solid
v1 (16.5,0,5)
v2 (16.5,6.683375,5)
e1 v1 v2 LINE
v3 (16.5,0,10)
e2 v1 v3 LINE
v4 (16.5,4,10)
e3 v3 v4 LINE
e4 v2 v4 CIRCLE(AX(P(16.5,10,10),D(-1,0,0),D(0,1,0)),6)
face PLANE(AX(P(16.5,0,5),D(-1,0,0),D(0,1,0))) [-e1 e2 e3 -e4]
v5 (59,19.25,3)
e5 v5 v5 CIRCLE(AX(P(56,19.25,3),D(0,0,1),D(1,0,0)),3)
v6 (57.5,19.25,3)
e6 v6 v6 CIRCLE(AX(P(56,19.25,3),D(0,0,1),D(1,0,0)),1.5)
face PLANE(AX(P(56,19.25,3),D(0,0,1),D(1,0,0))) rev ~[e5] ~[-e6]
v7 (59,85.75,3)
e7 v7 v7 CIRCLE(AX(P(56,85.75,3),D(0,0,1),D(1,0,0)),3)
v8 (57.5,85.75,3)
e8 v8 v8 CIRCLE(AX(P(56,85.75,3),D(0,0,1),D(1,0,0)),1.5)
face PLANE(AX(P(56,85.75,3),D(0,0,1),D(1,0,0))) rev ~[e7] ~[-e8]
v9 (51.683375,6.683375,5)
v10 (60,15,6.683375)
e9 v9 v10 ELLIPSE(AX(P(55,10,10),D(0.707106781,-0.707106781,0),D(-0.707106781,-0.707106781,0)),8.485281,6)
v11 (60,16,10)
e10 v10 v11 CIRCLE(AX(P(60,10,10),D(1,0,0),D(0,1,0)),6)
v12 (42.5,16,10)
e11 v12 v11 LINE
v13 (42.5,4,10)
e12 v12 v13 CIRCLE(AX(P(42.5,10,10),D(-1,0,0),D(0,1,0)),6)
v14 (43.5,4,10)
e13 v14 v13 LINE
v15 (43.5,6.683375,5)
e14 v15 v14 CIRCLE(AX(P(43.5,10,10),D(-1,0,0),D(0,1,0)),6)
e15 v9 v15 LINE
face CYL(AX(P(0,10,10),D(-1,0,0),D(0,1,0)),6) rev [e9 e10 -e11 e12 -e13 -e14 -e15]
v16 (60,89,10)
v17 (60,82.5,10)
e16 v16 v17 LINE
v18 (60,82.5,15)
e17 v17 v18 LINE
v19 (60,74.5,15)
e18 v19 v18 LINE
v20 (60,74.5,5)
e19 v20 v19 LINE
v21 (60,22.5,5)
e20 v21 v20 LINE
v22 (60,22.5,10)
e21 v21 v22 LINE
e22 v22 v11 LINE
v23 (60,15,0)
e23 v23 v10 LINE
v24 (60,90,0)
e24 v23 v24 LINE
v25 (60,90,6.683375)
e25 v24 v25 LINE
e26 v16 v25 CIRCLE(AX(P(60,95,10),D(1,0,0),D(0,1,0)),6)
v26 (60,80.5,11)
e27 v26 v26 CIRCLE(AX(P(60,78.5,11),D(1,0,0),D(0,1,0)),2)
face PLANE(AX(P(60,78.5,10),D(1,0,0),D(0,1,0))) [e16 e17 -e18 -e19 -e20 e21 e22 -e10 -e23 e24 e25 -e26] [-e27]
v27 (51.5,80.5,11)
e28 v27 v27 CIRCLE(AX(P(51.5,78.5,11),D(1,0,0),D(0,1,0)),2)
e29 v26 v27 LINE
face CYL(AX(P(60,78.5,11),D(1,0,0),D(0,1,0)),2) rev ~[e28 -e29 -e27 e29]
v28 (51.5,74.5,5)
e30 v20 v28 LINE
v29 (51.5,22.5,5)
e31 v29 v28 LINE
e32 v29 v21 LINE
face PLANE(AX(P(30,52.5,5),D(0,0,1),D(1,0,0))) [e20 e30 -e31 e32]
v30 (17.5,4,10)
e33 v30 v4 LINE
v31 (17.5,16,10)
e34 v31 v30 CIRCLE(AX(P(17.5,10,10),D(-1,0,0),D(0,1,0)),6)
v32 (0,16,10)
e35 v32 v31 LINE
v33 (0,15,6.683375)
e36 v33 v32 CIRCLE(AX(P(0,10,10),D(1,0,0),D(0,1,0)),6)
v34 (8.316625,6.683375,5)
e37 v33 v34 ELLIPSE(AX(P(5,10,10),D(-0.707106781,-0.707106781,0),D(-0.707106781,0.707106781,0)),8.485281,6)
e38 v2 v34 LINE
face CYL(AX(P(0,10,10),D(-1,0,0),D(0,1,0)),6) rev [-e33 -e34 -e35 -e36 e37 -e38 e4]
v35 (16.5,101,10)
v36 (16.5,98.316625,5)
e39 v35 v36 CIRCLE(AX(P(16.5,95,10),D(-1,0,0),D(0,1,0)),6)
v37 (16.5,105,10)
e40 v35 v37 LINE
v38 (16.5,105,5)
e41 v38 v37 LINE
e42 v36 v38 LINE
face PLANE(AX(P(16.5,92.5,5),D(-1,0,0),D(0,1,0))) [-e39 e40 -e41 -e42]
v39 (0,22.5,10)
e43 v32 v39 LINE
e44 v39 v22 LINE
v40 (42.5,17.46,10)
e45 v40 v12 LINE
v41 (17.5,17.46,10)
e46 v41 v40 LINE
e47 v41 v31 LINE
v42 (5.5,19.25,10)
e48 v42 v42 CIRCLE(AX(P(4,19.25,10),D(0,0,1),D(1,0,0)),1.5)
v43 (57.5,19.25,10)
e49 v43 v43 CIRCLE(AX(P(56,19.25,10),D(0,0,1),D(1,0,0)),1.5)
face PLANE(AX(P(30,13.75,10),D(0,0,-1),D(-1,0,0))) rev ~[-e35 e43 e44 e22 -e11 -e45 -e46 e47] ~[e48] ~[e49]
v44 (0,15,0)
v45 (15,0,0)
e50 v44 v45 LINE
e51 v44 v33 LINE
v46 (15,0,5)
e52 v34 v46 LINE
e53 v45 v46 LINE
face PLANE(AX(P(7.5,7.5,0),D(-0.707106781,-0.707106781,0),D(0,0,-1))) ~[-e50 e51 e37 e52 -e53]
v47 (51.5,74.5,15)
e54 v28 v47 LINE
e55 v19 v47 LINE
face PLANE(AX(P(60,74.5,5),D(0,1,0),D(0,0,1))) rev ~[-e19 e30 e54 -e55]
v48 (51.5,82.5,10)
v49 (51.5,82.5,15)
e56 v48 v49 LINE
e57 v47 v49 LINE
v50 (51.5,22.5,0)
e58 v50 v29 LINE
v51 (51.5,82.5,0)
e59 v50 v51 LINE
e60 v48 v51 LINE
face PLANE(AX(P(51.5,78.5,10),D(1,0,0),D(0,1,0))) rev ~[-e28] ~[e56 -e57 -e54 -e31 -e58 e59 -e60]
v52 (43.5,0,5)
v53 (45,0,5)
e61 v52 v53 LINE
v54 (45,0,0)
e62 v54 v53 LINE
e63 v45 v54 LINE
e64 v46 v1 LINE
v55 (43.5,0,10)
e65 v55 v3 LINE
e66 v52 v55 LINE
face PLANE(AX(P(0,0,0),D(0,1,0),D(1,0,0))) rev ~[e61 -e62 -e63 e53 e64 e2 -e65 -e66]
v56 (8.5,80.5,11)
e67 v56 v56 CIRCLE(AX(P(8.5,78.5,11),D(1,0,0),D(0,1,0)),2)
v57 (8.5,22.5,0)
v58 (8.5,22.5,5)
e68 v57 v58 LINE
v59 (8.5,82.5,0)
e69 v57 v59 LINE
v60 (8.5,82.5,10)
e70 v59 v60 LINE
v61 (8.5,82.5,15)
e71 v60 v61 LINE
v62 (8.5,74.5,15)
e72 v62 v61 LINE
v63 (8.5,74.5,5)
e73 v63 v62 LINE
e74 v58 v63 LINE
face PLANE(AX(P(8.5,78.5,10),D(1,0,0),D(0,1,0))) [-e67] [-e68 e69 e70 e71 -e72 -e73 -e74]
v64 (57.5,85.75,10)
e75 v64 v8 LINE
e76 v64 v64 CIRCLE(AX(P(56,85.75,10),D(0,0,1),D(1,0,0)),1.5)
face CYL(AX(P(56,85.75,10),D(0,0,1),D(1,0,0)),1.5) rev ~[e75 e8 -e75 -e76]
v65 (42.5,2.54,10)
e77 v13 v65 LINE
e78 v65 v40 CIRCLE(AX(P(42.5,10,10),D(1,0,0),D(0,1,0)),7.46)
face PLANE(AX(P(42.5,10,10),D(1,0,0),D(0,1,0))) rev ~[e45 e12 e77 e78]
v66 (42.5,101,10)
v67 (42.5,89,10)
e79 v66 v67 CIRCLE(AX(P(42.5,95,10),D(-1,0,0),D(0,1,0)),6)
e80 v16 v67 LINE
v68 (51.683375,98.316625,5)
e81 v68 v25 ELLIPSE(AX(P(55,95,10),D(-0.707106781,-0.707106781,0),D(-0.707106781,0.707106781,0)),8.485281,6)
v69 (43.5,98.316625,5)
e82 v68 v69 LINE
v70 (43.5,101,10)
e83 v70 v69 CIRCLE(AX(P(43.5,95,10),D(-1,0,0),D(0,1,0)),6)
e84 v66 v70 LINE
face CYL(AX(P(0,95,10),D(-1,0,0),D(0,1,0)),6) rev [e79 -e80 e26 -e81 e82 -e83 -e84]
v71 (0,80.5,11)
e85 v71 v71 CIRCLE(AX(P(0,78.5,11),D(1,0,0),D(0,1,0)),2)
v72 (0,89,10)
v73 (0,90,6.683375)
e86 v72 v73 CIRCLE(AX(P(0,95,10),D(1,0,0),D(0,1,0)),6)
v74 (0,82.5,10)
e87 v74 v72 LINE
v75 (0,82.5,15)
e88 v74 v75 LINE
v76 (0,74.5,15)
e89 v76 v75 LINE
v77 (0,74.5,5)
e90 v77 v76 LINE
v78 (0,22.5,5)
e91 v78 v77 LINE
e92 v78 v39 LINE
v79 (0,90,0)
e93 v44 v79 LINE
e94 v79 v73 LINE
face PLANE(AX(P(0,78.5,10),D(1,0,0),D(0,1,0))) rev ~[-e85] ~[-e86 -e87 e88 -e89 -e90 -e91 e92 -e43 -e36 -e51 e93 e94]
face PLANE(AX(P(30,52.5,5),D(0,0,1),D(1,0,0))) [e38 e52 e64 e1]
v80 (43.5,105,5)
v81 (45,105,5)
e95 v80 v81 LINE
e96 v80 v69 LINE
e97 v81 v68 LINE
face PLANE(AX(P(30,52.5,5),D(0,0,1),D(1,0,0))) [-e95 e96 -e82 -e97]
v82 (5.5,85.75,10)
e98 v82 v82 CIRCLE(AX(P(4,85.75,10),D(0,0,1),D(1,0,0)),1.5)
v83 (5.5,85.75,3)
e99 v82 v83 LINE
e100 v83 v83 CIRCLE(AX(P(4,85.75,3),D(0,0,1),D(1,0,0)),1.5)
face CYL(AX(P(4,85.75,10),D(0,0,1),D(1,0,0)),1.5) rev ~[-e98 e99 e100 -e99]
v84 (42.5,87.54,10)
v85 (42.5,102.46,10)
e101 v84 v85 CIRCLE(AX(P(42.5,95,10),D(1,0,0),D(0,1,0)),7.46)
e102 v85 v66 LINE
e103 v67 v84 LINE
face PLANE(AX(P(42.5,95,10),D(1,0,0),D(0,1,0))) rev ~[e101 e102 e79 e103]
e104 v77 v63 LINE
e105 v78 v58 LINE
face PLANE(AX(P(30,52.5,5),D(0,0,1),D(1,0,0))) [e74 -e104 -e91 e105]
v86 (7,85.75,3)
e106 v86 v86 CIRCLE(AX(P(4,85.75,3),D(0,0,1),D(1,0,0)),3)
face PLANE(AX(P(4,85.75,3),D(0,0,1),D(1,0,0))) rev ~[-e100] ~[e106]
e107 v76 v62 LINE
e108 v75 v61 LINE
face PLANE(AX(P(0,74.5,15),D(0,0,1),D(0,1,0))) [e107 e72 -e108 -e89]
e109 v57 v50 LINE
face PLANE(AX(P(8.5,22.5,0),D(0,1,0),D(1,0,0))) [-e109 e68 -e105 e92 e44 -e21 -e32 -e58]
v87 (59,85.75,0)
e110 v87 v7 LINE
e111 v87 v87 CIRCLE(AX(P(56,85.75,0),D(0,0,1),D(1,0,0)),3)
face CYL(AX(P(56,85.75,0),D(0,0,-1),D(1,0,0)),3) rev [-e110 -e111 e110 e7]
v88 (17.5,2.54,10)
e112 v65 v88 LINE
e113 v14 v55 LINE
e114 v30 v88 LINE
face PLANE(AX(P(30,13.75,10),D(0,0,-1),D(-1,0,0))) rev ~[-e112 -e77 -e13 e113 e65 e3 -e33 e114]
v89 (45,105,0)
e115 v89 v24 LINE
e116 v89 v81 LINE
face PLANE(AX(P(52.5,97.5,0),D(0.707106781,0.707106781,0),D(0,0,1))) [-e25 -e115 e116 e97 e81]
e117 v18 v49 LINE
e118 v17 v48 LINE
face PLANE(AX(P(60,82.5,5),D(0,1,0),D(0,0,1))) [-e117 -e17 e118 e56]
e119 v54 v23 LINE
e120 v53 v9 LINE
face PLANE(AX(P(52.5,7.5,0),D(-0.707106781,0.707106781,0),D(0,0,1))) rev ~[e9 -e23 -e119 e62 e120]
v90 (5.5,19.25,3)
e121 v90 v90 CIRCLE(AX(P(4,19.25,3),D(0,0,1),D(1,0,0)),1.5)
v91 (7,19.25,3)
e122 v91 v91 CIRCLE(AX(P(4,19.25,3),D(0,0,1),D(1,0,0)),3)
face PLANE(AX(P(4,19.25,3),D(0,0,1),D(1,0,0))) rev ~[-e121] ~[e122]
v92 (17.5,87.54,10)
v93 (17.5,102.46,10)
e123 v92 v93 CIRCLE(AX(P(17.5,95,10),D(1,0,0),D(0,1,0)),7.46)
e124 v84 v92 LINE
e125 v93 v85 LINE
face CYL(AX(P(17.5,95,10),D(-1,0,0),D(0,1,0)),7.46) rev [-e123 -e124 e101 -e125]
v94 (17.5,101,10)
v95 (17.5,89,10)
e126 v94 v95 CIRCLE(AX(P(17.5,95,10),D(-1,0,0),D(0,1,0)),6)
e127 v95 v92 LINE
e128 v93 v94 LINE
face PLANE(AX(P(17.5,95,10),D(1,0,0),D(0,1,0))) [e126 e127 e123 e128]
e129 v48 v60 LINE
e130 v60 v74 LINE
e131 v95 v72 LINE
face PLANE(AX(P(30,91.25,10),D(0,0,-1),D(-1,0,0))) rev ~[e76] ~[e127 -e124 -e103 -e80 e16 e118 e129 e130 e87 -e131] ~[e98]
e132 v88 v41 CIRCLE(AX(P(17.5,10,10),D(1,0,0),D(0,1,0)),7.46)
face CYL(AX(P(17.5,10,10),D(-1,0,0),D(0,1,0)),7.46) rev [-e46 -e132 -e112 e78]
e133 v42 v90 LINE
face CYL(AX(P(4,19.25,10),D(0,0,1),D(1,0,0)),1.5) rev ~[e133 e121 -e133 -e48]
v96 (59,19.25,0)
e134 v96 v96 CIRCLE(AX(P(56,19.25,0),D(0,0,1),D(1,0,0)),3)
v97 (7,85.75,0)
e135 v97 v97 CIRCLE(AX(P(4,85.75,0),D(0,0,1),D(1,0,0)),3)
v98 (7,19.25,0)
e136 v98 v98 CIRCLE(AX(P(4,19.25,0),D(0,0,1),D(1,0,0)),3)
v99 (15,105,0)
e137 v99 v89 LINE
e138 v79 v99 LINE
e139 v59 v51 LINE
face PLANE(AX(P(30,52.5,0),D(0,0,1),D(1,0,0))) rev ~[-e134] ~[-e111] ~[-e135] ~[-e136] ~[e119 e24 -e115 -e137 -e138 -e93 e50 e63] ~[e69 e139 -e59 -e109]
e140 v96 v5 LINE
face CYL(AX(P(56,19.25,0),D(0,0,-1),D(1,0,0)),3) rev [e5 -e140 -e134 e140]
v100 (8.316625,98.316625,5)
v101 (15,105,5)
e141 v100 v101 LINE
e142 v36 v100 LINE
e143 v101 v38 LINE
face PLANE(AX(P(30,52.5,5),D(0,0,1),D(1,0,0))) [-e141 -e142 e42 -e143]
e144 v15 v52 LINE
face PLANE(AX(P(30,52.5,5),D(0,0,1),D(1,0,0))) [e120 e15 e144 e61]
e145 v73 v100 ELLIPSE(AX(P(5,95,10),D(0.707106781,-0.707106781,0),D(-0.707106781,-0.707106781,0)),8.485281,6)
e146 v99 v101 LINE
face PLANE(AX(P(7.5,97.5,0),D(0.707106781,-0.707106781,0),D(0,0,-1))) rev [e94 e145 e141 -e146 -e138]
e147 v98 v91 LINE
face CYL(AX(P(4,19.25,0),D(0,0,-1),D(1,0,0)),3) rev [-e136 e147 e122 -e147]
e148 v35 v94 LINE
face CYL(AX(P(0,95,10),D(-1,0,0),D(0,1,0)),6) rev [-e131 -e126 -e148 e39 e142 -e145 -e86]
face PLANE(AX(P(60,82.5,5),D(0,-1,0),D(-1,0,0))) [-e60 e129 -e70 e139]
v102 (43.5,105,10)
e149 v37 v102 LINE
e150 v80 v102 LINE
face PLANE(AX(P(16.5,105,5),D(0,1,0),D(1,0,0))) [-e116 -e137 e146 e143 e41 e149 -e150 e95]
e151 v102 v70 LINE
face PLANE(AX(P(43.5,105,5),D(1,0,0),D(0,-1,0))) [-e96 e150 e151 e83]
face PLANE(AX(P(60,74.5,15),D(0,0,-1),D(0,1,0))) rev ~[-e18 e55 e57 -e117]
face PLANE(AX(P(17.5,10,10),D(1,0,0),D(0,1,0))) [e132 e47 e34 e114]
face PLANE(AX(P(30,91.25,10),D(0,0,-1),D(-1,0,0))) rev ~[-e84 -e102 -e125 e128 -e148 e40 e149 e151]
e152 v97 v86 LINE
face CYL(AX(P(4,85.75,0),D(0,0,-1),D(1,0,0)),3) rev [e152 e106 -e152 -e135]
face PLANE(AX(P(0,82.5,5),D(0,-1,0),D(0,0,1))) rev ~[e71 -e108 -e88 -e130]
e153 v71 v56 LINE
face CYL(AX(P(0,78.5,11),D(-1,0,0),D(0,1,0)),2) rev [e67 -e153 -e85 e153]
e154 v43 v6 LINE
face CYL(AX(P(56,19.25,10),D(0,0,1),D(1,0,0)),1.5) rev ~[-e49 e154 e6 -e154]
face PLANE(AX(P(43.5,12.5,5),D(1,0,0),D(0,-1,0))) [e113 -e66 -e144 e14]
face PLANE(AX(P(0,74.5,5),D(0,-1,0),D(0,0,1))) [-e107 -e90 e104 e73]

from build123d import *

# Parameters (mm, degrees)
SKETCH003_R  = 7.46
PAD002_DEPTH = 25
SKETCH006_R  = 6
PAD005_DEPTH = 60
SKETCH007_R  = 1.5
PAD006_DEPTH = 10
SKETCH008_R  = 3
PAD007_DEPTH = 3
SKETCH_W     = 60
SKETCH_H     = 105
SKETCH_W_2   = 43
SKETCH_H_2   = 60
PAD_DEPTH    = 5
SKETCH005_W  = 8
SKETCH005_H  = 10
SKETCH005_R  = 2
PAD004_DEPTH = 8.5
SKETCH004_W  = 8
SKETCH004_H  = 10
SKETCH004_R  = 2
PAD003_DEPTH = 8.5
PAD001_DEPTH = 5
CHAMFER_SIZE = 15


with BuildPart() as bearingslot:
    # Sketch003 → Pad002 (new body)
    with BuildSketch(Plane.YZ.offset(17.5)):
        with Locations((10, 10)):
            Circle(SKETCH003_R)
        with Locations((95, 10)):
            Circle(SKETCH003_R)
    extrude(amount=PAD002_DEPTH)


with BuildPart() as rodslot:
    # Sketch006 → Pad005 (new body)
    with BuildSketch(Plane.YZ):
        with Locations((10, 10)):
            Circle(SKETCH006_R)
        with Locations((95, 10)):
            Circle(SKETCH006_R)
    extrude(amount=PAD005_DEPTH)


with BuildPart() as mountpoints:
    # Sketch007 → Pad006 (new body)
    with BuildSketch(Plane.XY.offset(10)):
        with Locations((4, 19.25)):
            Circle(SKETCH007_R)
        with Locations((56, 19.25)):
            Circle(SKETCH007_R)
        with Locations((56, 85.75)):
            Circle(SKETCH007_R)
        with Locations((4, 85.75)):
            Circle(SKETCH007_R)
    extrude(amount=-PAD006_DEPTH)


with BuildPart() as cutblocks:
    # Sketch008 → Pad007 (new body)
    with BuildSketch(Plane.XY):
        with Locations((4, 85.75)):
            Circle(SKETCH008_R)
        with Locations((56, 85.75)):
            Circle(SKETCH008_R)
        with Locations((56, 19.25)):
            Circle(SKETCH008_R)
        with Locations((4, 19.25)):
            Circle(SKETCH008_R)
    extrude(amount=PAD007_DEPTH)

    # Fusion: union BearingSlot, RodSlot, MountPoints
    add(bearingslot.part)
    add(rodslot.part)
    add(mountpoints.part)


with BuildPart() as base:
    # Sketch → Pad (new body)
    with BuildSketch(Plane.XY):
        with Locations((30, 52.5)):
            Rectangle(SKETCH_W, SKETCH_H)
        with Locations((30, 52.5)):
            Rectangle(SKETCH_W_2, SKETCH_H_2, mode=Mode.SUBTRACT)
    extrude(amount=PAD_DEPTH)


with BuildPart() as rleverhinge:
    # Sketch005 → Pad004 (new body)
    with BuildSketch(Plane.YZ.offset(60)):
        with Locations((78.5, 10)):
            Rectangle(SKETCH005_W, SKETCH005_H)
        with Locations((78.5, 11)):
            Circle(SKETCH005_R, mode=Mode.SUBTRACT)
    extrude(amount=-PAD004_DEPTH)


with BuildPart() as lleverhinge:
    # Sketch004 → Pad003 (new body)
    with BuildSketch(Plane.YZ):
        with Locations((78.5, 10)):
            Rectangle(SKETCH004_W, SKETCH004_H)
        with Locations((78.5, 11)):
            Circle(SKETCH004_R, mode=Mode.SUBTRACT)
    extrude(amount=PAD003_DEPTH)


with BuildPart() as chamfer_body:
    # Pad001 base: copy of Base
    add(base.part)

    # Sketch001 → Pad001 (new body)
    with BuildSketch(Plane.XY.offset(5)):
        Polygon((16.5, 105), (43.5, 105), (43.5, 92.5), (60, 92.5), (60, 82.5), (0, 82.5), (0, 92.5), (16.5, 92.5), align=None)
        Polygon((0, 22.5), (60, 22.5), (60, 12.5), (43.5, 12.5), (43.5, 0), (16.5, 0), (16.5, 12.5), (0, 12.5), align=None)
    extrude(amount=PAD001_DEPTH)

    # Fusion001: union Base, RLeverHinge, LLeverHinge
    add(base.part)
    add(rleverhinge.part)
    add(lleverhinge.part)

    # Cut: cut CutBlocks
    add(cutblocks.part, mode=Mode.SUBTRACT)

    # Chamfer
    chamfer_edges = [chamfer_body.edges().sort_by_distance(p)[0] for p in [
        (0, 105, 2.5),
        (60, 0, 2.5),
        (60, 105, 2.5),
        (0, 0, 2.5),
    ]]
    chamfer(chamfer_edges, length=CHAMFER_SIZE)


solid = chamfer_body.part
